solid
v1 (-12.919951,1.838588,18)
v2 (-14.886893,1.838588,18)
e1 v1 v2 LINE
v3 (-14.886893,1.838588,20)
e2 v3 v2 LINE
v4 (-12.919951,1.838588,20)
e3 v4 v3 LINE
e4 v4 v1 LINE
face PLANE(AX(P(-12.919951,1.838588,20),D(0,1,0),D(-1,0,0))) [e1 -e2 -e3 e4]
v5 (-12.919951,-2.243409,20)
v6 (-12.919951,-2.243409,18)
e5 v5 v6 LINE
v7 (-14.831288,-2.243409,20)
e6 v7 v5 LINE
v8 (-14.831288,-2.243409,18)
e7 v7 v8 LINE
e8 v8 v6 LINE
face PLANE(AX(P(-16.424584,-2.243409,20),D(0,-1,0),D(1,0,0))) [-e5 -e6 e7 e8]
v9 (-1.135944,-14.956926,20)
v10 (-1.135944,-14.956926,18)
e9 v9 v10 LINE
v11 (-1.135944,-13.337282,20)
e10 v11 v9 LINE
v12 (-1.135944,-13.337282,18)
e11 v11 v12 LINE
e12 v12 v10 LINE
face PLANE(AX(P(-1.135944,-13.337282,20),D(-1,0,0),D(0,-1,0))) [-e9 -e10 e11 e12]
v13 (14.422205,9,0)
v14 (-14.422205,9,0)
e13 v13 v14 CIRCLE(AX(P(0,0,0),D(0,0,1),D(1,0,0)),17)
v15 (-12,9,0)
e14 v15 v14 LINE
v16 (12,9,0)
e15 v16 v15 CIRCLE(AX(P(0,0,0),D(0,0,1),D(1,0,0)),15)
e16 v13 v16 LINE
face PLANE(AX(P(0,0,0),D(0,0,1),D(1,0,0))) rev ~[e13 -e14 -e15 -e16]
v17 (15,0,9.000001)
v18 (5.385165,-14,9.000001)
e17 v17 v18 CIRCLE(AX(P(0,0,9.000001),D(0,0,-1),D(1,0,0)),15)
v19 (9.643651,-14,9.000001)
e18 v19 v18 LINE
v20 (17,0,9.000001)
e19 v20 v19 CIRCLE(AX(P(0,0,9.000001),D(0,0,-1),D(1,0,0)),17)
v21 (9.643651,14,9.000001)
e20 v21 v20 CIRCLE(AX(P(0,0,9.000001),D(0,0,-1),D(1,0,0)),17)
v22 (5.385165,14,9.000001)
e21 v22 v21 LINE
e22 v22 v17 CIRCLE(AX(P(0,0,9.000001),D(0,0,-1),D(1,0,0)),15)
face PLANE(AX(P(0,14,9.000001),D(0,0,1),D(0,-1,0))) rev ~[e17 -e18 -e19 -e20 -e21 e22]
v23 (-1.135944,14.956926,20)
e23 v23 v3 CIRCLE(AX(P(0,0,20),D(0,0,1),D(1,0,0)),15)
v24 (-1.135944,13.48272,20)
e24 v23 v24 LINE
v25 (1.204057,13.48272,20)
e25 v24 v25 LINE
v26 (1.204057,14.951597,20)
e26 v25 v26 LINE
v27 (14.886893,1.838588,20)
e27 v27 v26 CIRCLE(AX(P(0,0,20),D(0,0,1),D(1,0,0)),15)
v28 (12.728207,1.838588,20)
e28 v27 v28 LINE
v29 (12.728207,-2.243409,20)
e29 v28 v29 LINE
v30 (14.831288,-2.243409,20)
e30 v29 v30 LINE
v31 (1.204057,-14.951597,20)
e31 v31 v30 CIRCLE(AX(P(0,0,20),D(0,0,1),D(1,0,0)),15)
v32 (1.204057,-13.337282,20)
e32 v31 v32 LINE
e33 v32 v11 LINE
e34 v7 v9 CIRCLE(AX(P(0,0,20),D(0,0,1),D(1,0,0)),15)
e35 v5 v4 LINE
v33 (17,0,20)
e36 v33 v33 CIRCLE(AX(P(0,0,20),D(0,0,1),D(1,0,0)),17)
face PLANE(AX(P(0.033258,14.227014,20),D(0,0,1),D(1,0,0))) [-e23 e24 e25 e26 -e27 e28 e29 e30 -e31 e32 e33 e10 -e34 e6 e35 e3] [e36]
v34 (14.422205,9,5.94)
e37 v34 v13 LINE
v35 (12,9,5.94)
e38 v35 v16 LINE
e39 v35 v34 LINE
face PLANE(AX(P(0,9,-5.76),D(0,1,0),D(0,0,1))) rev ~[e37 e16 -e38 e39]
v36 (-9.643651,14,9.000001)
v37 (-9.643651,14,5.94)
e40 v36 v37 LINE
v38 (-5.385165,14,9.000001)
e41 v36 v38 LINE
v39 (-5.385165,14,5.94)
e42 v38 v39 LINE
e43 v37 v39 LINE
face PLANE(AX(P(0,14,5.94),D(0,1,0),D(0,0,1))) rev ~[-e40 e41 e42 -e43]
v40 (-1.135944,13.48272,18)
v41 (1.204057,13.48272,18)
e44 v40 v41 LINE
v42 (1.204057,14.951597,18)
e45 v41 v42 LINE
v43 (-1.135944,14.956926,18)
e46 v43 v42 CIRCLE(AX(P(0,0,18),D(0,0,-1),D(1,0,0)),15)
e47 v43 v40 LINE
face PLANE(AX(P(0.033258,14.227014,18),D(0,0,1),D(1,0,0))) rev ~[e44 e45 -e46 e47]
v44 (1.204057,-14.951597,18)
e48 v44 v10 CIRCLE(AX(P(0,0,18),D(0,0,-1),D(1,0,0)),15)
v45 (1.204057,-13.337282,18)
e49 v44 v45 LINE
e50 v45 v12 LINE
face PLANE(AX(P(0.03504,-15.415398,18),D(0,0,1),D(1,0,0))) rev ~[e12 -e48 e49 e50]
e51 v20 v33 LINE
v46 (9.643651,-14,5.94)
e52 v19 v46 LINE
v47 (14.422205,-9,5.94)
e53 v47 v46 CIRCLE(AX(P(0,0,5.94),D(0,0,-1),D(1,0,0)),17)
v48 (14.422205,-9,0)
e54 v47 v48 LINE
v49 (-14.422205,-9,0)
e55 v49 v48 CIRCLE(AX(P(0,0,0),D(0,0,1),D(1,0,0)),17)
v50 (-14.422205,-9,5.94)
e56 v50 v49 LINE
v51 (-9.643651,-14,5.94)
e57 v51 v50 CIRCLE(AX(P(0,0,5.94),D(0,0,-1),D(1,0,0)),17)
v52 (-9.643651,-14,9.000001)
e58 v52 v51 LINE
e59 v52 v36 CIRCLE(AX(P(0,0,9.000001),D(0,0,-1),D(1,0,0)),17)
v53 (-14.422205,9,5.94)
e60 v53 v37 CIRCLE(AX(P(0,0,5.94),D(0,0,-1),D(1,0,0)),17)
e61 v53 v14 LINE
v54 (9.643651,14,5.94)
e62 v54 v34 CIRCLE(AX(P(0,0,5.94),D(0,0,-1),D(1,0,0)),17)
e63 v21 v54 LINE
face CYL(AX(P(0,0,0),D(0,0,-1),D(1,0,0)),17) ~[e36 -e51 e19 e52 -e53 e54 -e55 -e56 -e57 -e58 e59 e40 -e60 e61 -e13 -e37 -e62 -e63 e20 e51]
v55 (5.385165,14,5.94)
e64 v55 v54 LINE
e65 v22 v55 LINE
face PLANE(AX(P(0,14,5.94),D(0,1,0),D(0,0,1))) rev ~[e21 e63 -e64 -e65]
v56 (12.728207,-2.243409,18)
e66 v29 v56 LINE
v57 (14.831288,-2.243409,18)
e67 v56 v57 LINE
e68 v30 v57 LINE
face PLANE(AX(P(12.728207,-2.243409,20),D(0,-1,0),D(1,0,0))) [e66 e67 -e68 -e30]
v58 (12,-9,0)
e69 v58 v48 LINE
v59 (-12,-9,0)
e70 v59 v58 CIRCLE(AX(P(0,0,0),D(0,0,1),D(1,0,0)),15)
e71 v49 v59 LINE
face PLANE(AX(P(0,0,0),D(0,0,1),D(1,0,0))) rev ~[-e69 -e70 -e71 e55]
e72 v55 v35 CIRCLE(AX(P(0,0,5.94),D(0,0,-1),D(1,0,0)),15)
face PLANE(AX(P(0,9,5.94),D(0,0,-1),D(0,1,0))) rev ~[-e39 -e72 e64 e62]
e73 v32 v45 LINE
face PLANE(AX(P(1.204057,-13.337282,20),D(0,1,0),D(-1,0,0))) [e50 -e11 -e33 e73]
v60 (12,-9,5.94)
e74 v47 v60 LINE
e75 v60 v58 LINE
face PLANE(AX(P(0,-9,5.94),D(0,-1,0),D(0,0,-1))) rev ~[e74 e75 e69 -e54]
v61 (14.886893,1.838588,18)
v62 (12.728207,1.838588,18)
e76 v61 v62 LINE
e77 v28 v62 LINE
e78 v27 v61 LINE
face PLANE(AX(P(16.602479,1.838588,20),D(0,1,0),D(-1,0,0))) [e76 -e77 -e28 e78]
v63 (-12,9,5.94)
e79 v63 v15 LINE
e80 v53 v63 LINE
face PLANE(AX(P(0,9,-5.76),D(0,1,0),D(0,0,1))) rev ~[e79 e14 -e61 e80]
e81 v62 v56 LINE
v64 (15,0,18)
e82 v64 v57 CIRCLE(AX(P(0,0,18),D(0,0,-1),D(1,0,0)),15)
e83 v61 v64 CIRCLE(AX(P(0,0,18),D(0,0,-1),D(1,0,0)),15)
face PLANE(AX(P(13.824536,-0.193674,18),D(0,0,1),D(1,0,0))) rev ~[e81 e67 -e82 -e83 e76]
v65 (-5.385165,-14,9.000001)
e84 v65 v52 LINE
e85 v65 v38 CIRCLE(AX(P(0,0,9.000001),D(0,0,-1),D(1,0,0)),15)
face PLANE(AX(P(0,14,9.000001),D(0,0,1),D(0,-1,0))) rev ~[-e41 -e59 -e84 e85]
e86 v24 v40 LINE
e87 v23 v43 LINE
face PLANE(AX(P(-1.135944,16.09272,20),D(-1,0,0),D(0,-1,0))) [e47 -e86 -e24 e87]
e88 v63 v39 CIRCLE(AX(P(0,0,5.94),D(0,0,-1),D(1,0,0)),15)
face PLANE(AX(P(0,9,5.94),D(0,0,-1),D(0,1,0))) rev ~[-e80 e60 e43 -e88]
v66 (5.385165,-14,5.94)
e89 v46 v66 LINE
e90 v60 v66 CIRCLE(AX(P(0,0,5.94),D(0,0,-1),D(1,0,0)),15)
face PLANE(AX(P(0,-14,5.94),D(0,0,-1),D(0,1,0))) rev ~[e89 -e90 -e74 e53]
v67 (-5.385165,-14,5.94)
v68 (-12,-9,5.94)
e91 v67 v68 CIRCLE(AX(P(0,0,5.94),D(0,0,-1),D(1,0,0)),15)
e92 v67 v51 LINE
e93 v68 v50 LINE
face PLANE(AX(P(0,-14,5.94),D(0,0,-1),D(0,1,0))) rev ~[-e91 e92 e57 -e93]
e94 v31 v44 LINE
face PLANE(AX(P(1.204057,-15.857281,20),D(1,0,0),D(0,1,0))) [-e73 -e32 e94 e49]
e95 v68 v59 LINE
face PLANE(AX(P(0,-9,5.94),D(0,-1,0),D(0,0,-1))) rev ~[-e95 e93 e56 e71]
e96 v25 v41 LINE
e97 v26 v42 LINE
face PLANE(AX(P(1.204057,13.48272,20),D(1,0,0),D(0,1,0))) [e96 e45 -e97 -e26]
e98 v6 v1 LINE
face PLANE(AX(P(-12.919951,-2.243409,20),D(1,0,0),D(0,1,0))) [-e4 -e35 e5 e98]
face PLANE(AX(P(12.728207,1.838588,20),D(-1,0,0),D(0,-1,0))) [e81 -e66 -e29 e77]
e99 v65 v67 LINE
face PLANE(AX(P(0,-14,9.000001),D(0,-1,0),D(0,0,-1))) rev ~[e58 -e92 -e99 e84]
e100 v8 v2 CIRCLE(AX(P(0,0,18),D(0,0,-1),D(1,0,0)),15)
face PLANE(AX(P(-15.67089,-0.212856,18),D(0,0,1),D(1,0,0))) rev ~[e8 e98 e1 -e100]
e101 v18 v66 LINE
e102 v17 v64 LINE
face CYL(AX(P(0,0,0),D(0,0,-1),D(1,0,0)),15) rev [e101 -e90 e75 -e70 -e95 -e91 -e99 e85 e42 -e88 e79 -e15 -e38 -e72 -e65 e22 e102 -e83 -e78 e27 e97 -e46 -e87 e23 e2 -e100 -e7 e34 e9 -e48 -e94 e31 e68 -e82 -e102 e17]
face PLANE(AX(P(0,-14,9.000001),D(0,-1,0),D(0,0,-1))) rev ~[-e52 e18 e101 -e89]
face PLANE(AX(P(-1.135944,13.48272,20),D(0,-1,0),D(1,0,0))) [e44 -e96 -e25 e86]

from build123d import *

# Parameters (mm, degrees)
F0_R     = 17
F0_R_2   = 15
F1_DEPTH = 20
F3_DEPTH = 25
F5_DEPTH = 2
F7_DEPTH = 2


with BuildPart() as f1:
    # F0 (on Top) → F1 (new body)
    with BuildSketch(Plane.XY):
        Circle(F0_R)
        Circle(F0_R_2, mode=Mode.SUBTRACT)
    extrude(amount=F1_DEPTH)

    # F2 (on Right) → F3 (cut, symmetric)
    with BuildSketch(Plane.YZ):
        Polygon((-9, 5.94), (-9, -6.120001), (9, -5.76), (9, 5.94), (14, 5.94), (14, 9.000001), (-14, 9.000001), (-14, 5.94), align=None)
    extrude(amount=F3_DEPTH, both=True, mode=Mode.SUBTRACT)

    # F4 (on face) → F5 (join)
    with BuildSketch(Plane.XY.offset(20)):
        with BuildLine():
            ThreePointArc((-14.831288, -2.243409), (-14.998609, -0.204311), (-14.886893, 1.838588))
            Line((-14.886893, 1.838588), (-16.424584, 1.838588))
            Line((-16.424584, 1.838588), (-16.424584, -2.243409))
            Line((-16.424584, -2.243409), (-14.831288, -2.243409))
        make_face()
        with BuildLine():
            Line((-12.919951, -2.243409), (-12.919951, 1.838588))
            Line((-12.919951, 1.838588), (-14.886893, 1.838588))
            ThreePointArc((-14.886893, 1.838588), (-14.998609, -0.204311), (-14.831288, -2.243409))
            Line((-14.831288, -2.243409), (-12.919951, -2.243409))
        make_face()
        with BuildLine():
            Line((14.886893, 1.838588), (12.728207, 1.838588))
            Line((12.728207, 1.838588), (12.728207, -2.243409))
            Line((12.728207, -2.243409), (14.831288, -2.243409))
            ThreePointArc((14.831288, -2.243409), (14.957763, -1.124872), (15, 0))
            ThreePointArc((15, 0), (14.971697, 0.921032), (14.886893, 1.838588))
        make_face()
        with BuildLine():
            Line((16.602479, 1.838588), (14.886893, 1.838588))
            ThreePointArc((14.886893, 1.838588), (14.971697, 0.921032), (15, 0))
            ThreePointArc((15, 0), (14.957763, -1.124872), (14.831288, -2.243409))
            Line((14.831288, -2.243409), (16.602479, -2.243409))
            Line((16.602479, -2.243409), (16.602479, 1.838588))
        make_face()
    extrude(amount=-F5_DEPTH)

    # F6 (on face) → F7 (join)
    with BuildSketch(Plane.XY.offset(20)):
        with BuildLine():
            ThreePointArc((1.204057, 14.951597), (0.034161, 14.999961), (-1.135944, 14.956926))
            Line((-1.135944, 14.956926), (-1.135944, 13.48272))
            Line((-1.135944, 13.48272), (1.204057, 13.48272))
            Line((1.204057, 13.48272), (1.204057, 14.951597))
        make_face()
        with BuildLine():
            Line((1.204057, 16.09272), (-1.135944, 16.09272))
            Line((-1.135944, 16.09272), (-1.135944, 14.956926))
            ThreePointArc((-1.135944, 14.956926), (0.034161, 14.999961), (1.204057, 14.951597))
            Line((1.204057, 14.951597), (1.204057, 16.09272))
        make_face()
        with BuildLine():
            ThreePointArc((1.204057, -14.951597), (0.034161, -14.999961), (-1.135944, -14.956926))
            Line((-1.135944, -14.956926), (-1.135944, -15.857281))
            Line((-1.135944, -15.857281), (1.204057, -15.857281))
            Line((1.204057, -15.857281), (1.204057, -14.951597))
        make_face()
        with BuildLine():
            Line((1.204057, -13.337282), (-1.135944, -13.337282))
            Line((-1.135944, -13.337282), (-1.135944, -14.956926))
            ThreePointArc((-1.135944, -14.956926), (0.034161, -14.999961), (1.204057, -14.951597))
            Line((1.204057, -14.951597), (1.204057, -13.337282))
        make_face()
    extrude(amount=-F7_DEPTH)


solid = f1.part
